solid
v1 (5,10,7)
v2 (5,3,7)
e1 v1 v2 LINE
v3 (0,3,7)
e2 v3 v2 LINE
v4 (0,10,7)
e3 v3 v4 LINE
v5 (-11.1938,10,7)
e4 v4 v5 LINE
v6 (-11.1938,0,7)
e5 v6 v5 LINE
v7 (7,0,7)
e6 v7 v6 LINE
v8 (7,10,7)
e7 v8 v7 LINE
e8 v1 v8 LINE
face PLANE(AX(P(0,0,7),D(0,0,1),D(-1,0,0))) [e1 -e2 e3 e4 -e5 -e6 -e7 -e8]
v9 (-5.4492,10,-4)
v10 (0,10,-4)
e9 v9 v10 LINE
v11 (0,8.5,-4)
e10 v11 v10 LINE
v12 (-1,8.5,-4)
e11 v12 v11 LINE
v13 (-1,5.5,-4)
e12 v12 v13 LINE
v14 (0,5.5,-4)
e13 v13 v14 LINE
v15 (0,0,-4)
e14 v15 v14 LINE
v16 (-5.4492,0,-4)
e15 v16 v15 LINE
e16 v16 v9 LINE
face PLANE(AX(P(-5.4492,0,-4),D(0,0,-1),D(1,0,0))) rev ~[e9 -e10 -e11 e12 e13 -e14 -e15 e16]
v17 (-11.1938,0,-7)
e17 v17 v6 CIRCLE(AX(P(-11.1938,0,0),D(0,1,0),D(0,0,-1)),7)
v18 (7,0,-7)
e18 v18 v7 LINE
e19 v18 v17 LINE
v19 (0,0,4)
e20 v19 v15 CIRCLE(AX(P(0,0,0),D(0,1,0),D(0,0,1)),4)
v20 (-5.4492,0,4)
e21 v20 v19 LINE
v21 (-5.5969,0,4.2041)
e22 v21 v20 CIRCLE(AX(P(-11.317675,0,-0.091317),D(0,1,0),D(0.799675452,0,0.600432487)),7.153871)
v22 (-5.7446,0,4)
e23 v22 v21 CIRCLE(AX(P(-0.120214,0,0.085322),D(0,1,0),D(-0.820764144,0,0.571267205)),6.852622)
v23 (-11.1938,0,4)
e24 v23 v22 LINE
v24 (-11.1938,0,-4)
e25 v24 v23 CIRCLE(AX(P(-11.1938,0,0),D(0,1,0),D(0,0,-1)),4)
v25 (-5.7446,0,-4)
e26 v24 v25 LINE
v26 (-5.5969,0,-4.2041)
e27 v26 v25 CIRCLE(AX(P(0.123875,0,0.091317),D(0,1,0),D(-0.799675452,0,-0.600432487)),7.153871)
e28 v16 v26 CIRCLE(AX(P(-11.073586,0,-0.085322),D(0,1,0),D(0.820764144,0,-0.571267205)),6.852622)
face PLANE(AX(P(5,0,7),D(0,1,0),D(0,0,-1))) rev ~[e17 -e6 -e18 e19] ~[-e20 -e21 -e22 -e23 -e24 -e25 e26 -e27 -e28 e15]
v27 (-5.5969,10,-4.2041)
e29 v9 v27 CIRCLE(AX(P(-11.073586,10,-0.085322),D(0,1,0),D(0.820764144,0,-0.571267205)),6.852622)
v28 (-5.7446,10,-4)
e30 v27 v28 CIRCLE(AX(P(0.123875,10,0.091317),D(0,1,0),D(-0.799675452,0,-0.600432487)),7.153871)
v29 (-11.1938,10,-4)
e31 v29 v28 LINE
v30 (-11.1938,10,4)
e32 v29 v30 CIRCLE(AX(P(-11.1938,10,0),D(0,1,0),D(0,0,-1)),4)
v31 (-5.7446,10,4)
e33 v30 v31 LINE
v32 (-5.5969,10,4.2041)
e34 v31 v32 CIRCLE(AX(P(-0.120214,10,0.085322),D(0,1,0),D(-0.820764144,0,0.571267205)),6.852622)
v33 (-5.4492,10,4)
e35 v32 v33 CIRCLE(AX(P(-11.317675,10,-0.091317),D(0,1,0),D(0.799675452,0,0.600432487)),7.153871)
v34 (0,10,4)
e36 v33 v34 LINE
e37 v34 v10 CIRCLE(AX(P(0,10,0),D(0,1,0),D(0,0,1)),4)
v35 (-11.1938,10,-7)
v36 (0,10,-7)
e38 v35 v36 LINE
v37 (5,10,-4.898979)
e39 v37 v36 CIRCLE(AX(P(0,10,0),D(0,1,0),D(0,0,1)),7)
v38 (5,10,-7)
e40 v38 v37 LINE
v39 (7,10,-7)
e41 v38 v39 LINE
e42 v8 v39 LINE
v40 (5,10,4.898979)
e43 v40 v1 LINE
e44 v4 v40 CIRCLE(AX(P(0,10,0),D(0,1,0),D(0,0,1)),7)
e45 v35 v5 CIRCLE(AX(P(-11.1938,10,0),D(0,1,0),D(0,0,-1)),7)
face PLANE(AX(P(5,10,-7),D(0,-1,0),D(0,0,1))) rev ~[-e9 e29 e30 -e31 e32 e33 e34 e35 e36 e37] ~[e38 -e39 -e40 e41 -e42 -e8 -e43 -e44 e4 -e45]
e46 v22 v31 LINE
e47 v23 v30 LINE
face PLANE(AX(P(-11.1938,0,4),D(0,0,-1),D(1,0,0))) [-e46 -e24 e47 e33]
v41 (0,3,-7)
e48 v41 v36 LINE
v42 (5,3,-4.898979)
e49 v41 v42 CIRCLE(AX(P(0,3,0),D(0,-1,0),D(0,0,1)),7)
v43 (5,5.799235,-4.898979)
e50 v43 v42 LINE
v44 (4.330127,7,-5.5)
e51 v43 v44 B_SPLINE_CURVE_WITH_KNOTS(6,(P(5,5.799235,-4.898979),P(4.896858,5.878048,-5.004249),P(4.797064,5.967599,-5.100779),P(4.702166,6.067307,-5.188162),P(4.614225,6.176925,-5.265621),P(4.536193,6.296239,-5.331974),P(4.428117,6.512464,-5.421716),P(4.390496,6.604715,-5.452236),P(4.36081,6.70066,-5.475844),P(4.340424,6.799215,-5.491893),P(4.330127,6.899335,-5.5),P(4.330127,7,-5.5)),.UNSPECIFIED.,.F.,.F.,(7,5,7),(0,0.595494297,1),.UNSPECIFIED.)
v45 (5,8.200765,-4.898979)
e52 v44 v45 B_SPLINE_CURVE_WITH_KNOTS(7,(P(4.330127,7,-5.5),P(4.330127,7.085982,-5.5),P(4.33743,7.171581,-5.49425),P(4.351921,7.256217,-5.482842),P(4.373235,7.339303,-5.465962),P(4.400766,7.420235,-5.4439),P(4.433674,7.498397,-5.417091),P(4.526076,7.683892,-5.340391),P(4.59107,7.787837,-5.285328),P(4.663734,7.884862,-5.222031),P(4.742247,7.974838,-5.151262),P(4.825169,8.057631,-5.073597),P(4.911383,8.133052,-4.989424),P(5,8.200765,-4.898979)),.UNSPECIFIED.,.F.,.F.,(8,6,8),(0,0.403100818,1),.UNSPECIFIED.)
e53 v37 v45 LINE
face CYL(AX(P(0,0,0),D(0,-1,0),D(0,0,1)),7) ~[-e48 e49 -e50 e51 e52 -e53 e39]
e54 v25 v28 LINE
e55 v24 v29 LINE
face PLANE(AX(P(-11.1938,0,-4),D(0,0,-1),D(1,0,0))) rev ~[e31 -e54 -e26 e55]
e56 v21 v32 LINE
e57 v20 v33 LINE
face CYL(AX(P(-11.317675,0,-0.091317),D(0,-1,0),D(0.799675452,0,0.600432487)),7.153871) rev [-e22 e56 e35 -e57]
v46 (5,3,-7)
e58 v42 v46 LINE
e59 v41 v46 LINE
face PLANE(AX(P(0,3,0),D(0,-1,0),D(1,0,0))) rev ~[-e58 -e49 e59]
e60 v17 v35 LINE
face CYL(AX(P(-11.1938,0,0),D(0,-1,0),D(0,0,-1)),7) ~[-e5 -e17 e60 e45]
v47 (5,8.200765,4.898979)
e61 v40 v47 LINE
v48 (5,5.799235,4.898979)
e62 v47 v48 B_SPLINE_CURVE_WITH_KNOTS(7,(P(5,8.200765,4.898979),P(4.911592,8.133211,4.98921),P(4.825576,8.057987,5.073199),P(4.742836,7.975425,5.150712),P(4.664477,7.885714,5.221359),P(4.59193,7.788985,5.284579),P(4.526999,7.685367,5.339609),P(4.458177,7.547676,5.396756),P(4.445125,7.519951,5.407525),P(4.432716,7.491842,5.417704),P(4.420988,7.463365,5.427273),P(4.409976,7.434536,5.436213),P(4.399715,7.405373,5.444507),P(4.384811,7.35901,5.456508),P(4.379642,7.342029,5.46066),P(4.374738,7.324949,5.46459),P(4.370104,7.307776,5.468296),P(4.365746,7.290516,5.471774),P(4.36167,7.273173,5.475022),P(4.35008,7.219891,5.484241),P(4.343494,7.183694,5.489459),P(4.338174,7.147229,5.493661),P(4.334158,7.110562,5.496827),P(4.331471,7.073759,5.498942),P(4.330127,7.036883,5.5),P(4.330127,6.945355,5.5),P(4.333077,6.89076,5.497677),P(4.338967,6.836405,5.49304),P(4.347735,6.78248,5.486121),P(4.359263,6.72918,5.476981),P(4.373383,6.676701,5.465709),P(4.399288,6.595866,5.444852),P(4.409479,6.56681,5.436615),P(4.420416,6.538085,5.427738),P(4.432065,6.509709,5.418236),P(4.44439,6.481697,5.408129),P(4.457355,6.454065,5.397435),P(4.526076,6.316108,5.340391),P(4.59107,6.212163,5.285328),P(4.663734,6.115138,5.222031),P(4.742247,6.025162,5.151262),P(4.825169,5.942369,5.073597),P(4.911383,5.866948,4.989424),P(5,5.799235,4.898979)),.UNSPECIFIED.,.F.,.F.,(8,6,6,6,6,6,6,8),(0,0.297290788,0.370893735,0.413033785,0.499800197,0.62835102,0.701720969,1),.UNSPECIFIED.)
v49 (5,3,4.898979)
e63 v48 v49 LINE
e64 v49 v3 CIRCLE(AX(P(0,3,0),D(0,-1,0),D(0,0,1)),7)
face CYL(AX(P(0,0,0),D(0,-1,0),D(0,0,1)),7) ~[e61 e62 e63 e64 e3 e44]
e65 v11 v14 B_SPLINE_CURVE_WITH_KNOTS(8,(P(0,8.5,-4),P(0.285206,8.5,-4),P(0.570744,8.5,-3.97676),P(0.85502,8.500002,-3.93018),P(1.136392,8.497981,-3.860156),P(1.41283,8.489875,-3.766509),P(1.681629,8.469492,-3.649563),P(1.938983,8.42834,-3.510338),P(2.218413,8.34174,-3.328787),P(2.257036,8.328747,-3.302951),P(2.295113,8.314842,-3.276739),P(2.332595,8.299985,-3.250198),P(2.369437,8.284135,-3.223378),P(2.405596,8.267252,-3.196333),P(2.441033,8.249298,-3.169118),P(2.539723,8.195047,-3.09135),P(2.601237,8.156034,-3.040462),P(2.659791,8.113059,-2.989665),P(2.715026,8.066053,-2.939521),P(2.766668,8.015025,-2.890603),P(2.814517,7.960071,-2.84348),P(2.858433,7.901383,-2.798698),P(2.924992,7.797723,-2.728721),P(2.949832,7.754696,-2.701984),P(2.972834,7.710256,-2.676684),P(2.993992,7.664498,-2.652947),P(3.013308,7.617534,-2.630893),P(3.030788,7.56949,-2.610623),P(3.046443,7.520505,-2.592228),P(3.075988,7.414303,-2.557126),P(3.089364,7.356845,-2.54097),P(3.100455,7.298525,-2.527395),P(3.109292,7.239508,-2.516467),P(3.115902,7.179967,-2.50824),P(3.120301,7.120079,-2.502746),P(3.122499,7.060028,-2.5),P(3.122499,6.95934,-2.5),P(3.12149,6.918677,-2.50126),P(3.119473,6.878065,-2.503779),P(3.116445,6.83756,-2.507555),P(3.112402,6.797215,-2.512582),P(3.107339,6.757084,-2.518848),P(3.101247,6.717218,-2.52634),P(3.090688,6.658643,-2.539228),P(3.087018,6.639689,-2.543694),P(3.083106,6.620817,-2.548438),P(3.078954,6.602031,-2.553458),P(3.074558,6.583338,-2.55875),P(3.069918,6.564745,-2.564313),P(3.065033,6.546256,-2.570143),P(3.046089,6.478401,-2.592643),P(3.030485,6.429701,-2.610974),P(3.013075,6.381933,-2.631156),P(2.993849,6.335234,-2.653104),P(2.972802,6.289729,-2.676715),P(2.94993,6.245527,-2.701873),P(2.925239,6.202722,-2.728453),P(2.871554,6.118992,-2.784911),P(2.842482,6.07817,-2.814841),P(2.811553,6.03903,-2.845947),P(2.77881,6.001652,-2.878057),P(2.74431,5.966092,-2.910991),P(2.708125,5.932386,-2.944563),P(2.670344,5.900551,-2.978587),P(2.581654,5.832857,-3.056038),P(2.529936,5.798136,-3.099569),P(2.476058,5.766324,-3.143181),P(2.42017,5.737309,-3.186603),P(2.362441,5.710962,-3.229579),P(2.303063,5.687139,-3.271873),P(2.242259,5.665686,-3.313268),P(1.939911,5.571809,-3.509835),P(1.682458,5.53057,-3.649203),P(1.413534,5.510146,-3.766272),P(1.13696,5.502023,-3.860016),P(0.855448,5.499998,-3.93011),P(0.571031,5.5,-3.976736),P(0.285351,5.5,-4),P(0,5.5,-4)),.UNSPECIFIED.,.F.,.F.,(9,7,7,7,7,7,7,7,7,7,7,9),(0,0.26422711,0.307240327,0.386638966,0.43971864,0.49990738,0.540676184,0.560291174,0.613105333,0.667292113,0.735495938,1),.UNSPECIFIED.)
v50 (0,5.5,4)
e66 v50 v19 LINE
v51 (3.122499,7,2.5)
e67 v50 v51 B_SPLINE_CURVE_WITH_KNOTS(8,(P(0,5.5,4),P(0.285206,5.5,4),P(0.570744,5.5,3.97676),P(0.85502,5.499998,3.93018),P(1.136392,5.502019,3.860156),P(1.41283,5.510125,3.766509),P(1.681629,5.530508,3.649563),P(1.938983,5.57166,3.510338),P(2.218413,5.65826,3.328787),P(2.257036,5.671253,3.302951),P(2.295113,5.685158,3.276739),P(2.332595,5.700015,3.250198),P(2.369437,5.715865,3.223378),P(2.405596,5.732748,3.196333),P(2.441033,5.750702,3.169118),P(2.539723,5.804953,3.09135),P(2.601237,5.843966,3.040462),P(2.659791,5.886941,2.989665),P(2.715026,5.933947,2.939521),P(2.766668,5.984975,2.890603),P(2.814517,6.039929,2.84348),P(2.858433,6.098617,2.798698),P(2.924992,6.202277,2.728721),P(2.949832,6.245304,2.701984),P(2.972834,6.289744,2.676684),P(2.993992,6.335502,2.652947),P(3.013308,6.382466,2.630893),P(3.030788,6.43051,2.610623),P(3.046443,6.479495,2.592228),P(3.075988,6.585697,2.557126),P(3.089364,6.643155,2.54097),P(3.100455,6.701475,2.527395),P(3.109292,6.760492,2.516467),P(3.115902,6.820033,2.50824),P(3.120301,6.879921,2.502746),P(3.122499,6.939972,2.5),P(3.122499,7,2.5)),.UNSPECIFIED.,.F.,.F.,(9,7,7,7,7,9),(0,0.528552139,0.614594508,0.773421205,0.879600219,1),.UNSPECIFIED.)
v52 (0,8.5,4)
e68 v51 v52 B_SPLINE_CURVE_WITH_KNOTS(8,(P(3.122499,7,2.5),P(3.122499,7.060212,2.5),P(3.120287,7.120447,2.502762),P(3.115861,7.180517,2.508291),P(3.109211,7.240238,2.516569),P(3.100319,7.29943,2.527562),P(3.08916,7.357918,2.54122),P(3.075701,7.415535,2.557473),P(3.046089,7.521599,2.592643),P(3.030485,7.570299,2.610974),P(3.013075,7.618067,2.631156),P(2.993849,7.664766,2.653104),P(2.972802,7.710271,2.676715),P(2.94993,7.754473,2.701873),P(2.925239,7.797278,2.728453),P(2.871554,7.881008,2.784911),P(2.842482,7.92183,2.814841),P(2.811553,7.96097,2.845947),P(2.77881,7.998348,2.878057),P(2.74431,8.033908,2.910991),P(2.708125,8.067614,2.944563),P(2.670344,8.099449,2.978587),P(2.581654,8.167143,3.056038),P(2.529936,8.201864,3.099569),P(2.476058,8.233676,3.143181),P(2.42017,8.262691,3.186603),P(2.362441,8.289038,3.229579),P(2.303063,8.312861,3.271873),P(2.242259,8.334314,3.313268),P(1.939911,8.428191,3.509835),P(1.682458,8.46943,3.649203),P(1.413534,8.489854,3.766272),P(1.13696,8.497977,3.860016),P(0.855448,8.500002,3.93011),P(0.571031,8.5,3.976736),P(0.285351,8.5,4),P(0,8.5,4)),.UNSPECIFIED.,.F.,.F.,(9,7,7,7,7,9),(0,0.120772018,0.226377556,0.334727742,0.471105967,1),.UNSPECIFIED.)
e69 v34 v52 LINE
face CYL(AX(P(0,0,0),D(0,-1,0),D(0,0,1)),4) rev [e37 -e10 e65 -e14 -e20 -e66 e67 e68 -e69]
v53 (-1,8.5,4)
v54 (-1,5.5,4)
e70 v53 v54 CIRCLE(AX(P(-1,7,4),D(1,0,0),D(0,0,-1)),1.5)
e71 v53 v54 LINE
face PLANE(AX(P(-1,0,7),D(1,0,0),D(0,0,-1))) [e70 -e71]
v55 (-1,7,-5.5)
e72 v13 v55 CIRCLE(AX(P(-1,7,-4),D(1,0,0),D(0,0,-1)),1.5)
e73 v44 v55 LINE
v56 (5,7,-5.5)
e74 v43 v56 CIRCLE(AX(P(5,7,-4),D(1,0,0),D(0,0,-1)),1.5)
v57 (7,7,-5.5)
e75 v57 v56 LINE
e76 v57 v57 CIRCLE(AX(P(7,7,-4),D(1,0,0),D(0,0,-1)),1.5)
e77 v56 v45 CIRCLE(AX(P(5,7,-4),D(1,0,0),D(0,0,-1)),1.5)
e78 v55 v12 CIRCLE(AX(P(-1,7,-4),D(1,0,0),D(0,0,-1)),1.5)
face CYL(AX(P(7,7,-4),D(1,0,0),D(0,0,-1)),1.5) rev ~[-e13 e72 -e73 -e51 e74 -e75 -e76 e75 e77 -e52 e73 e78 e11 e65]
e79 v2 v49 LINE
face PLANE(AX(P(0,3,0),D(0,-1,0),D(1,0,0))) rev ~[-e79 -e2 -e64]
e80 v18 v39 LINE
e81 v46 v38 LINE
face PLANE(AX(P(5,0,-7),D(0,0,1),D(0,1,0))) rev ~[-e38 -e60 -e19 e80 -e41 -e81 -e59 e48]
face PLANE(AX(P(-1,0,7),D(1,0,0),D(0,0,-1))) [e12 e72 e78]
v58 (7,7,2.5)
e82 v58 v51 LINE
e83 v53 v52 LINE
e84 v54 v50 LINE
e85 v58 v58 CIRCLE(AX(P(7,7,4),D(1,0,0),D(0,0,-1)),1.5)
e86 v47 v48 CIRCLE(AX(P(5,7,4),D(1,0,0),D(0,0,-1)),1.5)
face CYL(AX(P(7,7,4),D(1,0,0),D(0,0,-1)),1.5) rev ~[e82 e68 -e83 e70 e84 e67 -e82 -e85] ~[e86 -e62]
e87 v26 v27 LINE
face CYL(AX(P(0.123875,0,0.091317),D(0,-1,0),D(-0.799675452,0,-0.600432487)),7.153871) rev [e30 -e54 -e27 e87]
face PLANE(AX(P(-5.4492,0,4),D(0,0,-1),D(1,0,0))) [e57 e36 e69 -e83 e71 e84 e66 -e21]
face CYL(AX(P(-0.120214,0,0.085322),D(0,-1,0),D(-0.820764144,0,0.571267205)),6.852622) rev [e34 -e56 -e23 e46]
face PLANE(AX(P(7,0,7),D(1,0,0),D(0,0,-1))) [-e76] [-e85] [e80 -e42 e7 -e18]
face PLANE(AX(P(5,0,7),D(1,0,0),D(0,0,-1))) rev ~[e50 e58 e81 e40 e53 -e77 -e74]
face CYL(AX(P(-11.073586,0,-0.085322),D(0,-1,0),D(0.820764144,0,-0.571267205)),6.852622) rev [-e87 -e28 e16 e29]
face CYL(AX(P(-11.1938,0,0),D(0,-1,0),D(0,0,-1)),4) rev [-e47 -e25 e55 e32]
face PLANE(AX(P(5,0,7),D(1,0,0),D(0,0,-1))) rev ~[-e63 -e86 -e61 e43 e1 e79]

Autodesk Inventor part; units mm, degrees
ref_plane "YZ Plane" through (0, 0, 0) normal (1, 0, 0) x (0, 1, 0)
ref_plane "XZ Plane" through (0, 0, 0) normal (0, 1, 0) x (-1, 0, 0)
ref_plane "XY Plane" through (0, 0, 0) normal (0, 0, 1) x (1, 0, 0)
sketch "Sketch1" plane through (0, 0, 0) normal (0, 1, 0) x (-1, 0, 0)
  arc A0 (0, 4) -> (0, -4) centre (0, 0) ccw
  arc A1 (11.1938, -4) -> (11.1938, 4) centre (11.1938, 0) ccw
  line L0 (11.1938, -4) -> (0, -4)
  line L1 (11.1938, 4) -> (0, 4)
  line L2 (11.1938, -7) -> (0, -7)
  line L3 (0, 7) -> (11.1938, 7)
  arc A2 (5.5969, 4.2041) -> (5.4492, 4) centre (11.1938, 0) ccw
  arc A3 (5.7446, 4) -> (5.5969, 4.2041) centre (0, 0) ccw
  arc A4 (5.4492, -4) -> (5.5969, -4.2041) centre (11.1938, 0) ccw
  arc A5 (11.1938, -7) -> (11.1938, 7) centre (11.1938, 0) ccw
  arc A6 (0, 7) -> (0, -7) centre (0, 0) ccw
  arc A7 (5.5969, -4.2041) -> (5.7446, -4) centre (0, 0) ccw
  dimension "d0" = 8
  dimension "d1" = 8
extrude "Extrusion1" add sketch "Sketch1" along normal blind 10
sketch "Sketch2" plane through (0, 0, 0) normal (0, -1, 0) x (1, 0, 0)
  arc A0 (0, -7) -> (0, 7) centre (0, 0) ccw
  arc A1 (0, -4) -> (0, 4) centre (0, 0) ccw
  line L0 (0, -7) -> (0, -4)
  line L1 (0, 4) -> (0, 7)
  line L2 (0, -7) -> (-11.1938, -7) projected
  line L3 (0, -7) -> (5, -7)
  arc A2 (0, -7) -> (0, 7) centre (0, 0) ccw projected
  line L4 (0, 7) -> (5, 7)
  line L5 (5, 7) -> (5, -7)
  dimension "d6" = 5
extrude "Extrusion2" add sketch "Sketch2" against normal blind 3 contours L0 A1 L1 A0 L5 | A0 L5 L3 | A0 L4 L5
sketch "Sketch3" plane through (5, 0, 7) normal (1, 0, 0) x (0, 0, -1)
  line L0 (14, 10) -> (0, 10) projected
  line L1 (0, 0) -> (14, 0)
  line L2 (14, 0) -> (14, 10)
  line L3 (14, 10) -> (0, 10)
  line L4 (0, 10) -> (0, 0)
  point P0 (7, 0)
extrude "Extrusion3" add sketch "Sketch3" along normal blind 2
sketch "Sketch4" plane through (7, 0, 7) normal (1, 0, 0) x (0, 0, -1)
  circle A0 centre (3, 7) radius 1.5
  circle A1 centre (11, 7) radius 1.5
  line L0 (14, 10) -> (0, 10) projected
  line L1 (0, 10) -> (0, 0) projected
  line L2 (14, 0) -> (14, 10) projected
  point P0 (7, 0)
  dimension "d11" = 3
  dimension "d12" = 3
  dimension "d13" = 3
  dimension "d14" = 3
  dimension "d15" = 3
  dimension "d16" = 3
extrude "Extrusion4" cut sketch "Sketch4" against normal blind 8
sketch "Sketch5" plane through (0, 10, 0) normal (0, 1, 0) x (1, 0, 0)
  point P0 (0, 0)
sketch "Sketch6" plane through (0, 10, 0) normal (0, 1, 0) x (1, 0, 0)
  point P0 (0, 0)
properties part number "bedtiedown3"
